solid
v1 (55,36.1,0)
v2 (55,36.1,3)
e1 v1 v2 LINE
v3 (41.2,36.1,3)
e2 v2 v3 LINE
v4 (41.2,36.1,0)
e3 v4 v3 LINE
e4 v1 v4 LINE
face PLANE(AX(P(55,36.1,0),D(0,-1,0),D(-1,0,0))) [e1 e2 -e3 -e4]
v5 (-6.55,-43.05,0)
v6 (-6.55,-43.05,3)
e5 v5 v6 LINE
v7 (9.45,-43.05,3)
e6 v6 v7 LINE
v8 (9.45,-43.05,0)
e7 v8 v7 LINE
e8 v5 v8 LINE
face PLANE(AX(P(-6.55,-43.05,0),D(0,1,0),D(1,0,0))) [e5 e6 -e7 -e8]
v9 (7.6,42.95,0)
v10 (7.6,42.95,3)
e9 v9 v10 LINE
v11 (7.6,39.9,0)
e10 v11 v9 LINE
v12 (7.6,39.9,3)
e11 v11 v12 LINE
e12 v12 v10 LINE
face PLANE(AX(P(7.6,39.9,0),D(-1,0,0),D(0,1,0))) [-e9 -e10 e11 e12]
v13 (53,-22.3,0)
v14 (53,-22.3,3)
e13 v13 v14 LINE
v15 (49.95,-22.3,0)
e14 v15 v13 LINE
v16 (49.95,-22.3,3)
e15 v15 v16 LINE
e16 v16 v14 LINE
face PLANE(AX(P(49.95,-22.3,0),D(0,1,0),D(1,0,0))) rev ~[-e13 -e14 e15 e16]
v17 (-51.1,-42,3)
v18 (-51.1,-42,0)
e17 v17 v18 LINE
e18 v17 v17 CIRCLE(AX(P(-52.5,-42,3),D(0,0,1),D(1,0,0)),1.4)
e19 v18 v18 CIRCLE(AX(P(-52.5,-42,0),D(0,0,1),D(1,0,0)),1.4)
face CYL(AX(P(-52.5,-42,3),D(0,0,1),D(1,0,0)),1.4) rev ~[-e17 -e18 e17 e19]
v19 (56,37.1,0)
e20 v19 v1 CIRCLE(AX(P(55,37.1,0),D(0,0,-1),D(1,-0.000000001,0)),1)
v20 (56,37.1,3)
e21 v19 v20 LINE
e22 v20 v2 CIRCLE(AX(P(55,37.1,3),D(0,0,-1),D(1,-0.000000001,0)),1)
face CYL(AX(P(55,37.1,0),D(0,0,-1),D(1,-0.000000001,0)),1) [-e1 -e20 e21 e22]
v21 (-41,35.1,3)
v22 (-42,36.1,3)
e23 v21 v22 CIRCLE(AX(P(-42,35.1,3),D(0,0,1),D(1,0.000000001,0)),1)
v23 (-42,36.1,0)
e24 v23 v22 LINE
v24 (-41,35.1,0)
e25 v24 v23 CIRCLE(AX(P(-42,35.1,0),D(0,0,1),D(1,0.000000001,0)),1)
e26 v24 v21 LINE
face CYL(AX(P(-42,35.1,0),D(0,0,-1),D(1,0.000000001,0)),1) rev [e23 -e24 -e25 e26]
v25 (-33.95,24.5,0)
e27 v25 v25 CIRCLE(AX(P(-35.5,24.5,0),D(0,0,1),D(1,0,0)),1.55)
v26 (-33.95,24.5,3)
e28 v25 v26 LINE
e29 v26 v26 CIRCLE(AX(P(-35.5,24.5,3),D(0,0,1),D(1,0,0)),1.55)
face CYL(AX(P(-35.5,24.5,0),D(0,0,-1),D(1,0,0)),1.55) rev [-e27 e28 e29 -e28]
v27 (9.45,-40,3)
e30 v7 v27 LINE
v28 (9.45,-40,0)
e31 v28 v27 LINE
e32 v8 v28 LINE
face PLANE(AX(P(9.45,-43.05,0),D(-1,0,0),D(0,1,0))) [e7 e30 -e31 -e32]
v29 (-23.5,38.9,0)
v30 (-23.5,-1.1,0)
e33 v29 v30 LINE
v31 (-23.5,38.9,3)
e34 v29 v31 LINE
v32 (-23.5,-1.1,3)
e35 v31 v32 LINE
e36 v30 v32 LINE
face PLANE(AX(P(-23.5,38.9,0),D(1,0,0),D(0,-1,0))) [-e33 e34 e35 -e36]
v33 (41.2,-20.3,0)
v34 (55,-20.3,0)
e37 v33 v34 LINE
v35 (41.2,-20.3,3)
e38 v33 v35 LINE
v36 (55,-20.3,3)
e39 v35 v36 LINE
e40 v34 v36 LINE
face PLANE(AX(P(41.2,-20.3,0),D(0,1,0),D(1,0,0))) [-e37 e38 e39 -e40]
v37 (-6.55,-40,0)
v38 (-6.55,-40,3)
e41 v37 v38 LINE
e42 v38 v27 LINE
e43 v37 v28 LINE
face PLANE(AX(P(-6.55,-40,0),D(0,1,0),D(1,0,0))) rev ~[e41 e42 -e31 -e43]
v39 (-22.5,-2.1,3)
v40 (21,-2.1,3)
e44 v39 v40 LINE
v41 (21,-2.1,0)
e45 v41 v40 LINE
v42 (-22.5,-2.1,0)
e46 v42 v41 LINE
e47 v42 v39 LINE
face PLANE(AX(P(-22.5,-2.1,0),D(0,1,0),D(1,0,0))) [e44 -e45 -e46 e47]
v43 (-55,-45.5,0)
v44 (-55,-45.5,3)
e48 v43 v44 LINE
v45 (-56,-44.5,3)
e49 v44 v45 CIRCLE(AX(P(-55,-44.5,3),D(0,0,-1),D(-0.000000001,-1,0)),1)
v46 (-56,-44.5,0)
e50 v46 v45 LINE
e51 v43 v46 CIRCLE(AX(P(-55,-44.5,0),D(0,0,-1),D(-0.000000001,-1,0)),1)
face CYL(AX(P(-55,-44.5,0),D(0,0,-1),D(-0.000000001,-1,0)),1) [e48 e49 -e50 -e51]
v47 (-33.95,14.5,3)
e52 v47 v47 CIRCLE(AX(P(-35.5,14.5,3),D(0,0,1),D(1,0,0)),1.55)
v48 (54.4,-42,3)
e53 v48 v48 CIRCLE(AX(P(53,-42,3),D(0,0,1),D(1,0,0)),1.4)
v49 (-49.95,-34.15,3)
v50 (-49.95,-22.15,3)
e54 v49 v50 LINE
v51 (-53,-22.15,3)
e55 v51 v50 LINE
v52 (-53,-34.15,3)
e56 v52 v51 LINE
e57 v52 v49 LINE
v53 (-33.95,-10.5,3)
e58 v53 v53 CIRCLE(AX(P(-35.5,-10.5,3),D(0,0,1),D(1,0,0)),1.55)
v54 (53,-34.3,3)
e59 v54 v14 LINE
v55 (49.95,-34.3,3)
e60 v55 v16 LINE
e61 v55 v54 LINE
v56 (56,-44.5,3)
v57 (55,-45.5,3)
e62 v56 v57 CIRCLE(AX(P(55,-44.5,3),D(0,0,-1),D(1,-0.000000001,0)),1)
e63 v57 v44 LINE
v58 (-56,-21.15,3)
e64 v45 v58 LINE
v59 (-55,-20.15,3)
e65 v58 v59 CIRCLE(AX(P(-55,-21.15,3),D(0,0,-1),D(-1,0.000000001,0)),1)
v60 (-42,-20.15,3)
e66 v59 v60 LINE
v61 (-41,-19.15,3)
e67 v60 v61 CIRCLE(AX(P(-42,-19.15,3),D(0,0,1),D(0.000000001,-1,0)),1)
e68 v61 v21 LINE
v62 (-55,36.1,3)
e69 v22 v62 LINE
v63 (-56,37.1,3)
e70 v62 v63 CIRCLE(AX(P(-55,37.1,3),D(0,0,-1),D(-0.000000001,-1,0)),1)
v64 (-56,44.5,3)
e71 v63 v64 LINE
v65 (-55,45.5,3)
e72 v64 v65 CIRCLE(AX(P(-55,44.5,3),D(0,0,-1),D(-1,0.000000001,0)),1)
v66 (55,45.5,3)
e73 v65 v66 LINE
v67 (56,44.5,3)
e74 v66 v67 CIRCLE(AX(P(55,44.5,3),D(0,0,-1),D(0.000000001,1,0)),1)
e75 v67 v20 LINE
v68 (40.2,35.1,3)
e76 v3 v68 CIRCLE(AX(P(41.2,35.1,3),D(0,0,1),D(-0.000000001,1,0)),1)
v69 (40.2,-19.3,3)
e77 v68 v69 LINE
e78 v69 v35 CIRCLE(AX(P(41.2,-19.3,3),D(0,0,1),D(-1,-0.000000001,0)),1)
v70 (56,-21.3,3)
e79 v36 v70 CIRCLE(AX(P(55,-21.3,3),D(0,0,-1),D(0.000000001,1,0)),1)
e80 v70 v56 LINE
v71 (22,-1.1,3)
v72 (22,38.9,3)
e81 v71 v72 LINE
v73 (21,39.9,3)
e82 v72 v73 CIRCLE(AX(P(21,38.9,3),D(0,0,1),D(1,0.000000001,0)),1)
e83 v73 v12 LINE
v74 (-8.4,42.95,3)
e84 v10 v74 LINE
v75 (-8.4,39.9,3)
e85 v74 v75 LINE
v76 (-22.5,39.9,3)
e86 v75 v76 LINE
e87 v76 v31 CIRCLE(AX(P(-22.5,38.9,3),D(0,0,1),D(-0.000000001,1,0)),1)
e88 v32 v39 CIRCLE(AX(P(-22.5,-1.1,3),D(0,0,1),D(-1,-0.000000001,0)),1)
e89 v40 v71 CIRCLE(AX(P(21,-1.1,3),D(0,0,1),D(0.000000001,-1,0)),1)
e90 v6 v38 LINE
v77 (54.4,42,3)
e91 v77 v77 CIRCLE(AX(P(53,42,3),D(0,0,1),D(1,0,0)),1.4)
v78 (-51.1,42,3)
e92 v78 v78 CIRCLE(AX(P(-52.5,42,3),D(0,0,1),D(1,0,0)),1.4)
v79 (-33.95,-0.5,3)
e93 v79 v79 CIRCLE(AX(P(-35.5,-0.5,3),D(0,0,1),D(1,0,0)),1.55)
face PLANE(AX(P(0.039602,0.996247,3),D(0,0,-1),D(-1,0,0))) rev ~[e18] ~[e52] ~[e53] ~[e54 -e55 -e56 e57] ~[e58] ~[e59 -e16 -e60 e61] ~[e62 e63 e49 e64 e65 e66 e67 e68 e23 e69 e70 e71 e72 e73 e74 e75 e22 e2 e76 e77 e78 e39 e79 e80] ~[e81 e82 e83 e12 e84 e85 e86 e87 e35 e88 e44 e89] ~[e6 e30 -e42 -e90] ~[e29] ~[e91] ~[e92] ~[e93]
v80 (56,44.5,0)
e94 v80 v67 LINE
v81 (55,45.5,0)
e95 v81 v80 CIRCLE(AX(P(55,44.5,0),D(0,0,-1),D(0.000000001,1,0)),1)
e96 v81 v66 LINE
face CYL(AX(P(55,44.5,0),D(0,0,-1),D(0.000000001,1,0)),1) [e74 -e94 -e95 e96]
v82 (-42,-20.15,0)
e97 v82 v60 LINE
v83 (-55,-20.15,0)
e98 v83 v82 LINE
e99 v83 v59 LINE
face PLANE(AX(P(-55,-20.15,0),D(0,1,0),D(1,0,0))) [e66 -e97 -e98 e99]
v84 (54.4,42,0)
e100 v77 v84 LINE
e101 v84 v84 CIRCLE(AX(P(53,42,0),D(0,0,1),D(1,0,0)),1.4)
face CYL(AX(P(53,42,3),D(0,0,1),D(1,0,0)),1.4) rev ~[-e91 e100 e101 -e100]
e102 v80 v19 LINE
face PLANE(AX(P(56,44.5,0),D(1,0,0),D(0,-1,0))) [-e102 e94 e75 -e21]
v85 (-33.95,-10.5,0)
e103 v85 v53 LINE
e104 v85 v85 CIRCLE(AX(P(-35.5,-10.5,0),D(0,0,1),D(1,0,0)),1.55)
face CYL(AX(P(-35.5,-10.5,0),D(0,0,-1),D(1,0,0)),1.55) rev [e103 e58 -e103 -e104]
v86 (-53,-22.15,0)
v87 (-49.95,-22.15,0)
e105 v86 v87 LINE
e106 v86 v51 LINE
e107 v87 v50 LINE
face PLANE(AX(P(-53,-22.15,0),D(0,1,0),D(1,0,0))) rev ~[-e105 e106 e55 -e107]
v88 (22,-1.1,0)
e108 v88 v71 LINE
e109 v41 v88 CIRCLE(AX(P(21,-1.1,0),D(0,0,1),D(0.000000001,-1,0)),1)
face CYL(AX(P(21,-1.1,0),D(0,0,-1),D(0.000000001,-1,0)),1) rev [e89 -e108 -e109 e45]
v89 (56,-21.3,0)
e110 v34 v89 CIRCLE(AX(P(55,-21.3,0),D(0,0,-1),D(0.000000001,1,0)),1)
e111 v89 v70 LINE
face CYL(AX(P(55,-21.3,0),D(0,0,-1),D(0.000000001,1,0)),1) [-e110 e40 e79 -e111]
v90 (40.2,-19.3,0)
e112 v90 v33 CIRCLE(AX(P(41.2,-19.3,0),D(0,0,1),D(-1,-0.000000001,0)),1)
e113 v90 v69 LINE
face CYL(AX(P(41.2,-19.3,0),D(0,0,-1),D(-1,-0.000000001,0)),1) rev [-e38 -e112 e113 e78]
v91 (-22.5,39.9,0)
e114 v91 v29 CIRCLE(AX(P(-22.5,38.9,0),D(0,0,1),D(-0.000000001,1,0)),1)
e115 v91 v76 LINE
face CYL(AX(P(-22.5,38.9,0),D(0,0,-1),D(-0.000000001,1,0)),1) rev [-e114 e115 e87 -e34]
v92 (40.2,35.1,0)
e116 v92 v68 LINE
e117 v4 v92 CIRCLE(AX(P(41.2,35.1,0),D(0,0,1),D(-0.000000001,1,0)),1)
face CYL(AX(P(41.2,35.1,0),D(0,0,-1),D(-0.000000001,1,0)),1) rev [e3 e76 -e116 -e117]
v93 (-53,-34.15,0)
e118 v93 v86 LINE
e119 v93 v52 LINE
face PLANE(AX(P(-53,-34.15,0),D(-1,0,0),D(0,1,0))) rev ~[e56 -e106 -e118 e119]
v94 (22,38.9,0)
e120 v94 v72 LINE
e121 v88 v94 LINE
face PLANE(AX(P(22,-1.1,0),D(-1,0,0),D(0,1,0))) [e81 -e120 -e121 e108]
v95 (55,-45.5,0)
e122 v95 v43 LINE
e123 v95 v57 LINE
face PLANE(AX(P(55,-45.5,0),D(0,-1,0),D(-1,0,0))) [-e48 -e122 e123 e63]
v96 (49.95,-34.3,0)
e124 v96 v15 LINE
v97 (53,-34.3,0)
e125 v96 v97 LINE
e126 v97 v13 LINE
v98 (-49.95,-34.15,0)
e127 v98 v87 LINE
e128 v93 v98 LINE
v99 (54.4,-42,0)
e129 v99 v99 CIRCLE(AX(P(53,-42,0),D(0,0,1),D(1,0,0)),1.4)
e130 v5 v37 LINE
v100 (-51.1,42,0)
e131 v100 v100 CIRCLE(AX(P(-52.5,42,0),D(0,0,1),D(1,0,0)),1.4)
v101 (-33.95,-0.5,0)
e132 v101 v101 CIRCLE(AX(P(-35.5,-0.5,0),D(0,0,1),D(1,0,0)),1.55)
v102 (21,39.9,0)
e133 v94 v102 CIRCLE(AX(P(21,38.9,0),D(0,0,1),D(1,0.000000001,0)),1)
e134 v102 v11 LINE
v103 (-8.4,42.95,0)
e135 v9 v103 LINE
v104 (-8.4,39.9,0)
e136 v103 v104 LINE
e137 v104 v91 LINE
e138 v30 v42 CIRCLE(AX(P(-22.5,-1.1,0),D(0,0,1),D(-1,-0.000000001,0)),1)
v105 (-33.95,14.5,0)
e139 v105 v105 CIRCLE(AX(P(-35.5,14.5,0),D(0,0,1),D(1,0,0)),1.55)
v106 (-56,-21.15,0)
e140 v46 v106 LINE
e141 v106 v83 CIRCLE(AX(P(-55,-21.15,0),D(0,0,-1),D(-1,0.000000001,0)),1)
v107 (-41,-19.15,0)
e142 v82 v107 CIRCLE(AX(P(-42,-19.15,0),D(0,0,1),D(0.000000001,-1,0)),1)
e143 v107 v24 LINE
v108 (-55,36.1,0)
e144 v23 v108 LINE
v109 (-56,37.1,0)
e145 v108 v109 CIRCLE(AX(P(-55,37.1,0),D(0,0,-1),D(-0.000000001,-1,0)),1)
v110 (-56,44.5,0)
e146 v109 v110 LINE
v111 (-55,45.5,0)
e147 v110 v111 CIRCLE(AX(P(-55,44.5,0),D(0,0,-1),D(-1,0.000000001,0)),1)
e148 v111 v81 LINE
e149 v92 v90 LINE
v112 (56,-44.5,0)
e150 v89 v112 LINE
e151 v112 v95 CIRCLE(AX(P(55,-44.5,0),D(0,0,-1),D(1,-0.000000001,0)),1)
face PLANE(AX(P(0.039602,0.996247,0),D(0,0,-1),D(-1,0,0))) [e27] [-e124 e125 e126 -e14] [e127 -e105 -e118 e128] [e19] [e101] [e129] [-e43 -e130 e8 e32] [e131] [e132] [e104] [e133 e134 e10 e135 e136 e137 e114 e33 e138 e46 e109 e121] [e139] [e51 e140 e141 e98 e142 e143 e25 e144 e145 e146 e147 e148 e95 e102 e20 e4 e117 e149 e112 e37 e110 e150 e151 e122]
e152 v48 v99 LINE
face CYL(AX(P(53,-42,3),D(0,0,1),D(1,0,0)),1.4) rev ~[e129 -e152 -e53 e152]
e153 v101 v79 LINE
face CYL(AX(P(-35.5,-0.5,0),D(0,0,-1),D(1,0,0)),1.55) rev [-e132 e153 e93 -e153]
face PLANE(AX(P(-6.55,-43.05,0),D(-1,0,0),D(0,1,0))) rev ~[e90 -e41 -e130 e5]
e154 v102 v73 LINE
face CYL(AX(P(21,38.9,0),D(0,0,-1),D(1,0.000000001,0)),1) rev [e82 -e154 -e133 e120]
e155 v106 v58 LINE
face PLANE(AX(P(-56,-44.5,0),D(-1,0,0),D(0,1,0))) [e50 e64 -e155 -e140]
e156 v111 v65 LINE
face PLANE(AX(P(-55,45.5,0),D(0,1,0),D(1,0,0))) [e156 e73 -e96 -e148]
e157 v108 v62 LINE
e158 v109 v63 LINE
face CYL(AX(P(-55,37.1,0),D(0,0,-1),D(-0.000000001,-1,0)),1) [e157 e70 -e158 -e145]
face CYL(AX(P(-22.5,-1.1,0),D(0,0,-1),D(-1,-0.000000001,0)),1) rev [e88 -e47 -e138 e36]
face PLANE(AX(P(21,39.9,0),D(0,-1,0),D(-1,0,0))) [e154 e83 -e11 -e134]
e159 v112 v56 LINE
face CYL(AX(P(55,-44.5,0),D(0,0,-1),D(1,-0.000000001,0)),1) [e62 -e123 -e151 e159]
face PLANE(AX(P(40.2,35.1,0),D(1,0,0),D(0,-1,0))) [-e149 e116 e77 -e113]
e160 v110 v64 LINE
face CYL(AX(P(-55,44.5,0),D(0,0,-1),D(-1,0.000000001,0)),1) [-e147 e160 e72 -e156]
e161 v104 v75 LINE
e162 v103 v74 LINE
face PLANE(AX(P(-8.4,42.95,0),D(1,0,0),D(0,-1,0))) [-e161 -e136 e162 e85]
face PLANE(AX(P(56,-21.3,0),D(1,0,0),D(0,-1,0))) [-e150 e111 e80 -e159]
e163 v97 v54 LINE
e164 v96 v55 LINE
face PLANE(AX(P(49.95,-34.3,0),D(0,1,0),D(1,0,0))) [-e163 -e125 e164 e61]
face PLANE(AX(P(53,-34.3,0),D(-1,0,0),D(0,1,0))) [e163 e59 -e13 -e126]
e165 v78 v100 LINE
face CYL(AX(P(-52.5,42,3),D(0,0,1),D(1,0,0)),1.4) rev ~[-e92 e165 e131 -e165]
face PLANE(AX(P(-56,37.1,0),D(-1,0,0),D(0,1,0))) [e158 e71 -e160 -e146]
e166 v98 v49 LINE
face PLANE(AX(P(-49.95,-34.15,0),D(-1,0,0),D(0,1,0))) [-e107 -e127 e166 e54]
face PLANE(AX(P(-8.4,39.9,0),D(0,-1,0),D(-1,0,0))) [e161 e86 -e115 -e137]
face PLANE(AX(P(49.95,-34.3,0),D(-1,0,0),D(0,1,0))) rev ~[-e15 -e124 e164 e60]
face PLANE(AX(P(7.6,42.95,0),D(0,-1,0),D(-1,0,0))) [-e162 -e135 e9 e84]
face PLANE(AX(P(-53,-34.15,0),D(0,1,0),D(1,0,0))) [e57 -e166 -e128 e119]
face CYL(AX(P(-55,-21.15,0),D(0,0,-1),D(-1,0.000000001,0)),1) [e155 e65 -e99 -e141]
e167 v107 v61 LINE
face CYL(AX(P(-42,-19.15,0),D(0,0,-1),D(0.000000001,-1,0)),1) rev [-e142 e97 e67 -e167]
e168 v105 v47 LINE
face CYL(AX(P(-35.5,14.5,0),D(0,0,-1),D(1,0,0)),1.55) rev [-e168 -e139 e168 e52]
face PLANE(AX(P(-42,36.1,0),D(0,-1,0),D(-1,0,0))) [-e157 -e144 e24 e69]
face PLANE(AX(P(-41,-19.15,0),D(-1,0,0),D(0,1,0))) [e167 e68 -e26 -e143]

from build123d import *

# Parameters (mm, degrees)
CROQUIS1_R              = 1.55
CROQUIS1_W              = 16
CROQUIS1_H              = 3.05
CROQUIS1_W_2            = 3.05
CROQUIS1_H_2            = 12
SALIENTE_EXTRUIR1_DEPTH = 3
CROQUIS2_R              = 1.4
CORTAR_EXTRUIR2_DEPTH   = 4


with BuildPart() as part:
    # Croquis1 → Saliente-Extruir1 (new body)
    with BuildSketch(Plane.XY):
        with BuildLine():
            Line((56, -21.3), (56, -44.5))
            ThreePointArc((56, -44.5), (55.707106781, -45.207106781), (55, -45.5))
            Line((55, -45.5), (-55, -45.5))
            ThreePointArc((-55, -45.5), (-55.707106781, -45.207106781), (-56, -44.5))
            Line((-56, -44.5), (-56, -21.15))
            ThreePointArc((-56, -21.15), (-55.707106781, -20.442893219), (-55, -20.15))
            Line((-55, -20.15), (-42, -20.15))
            ThreePointArc((-42, -20.15), (-41.292893219, -19.857106781), (-41, -19.15))
            Line((-41, -19.15), (-41, 35.1))
            ThreePointArc((-41, 35.1), (-41.292893219, 35.807106781), (-42, 36.1))
            Line((-42, 36.1), (-55, 36.1))
            ThreePointArc((-55, 36.1), (-55.707106781, 36.392893219), (-56, 37.1))
            Line((-56, 37.1), (-56, 44.5))
            ThreePointArc((-56, 44.5), (-55.707106781, 45.207106781), (-55, 45.5))
            Line((-55, 45.5), (55, 45.5))
            ThreePointArc((55, 45.5), (55.707106781, 45.207106781), (56, 44.5))
            Line((56, 44.5), (56, 37.1))
            ThreePointArc((56, 37.1), (55.707106781, 36.392893219), (55, 36.1))
            Line((55, 36.1), (41.2, 36.1))
            ThreePointArc((41.2, 36.1), (40.492893219, 35.807106781), (40.2, 35.1))
            Line((40.2, 35.1), (40.2, -19.3))
            ThreePointArc((40.2, -19.3), (40.492893219, -20.007106781), (41.2, -20.3))
            Line((41.2, -20.3), (55, -20.3))
            ThreePointArc((55, -20.3), (55.707106781, -20.592893219), (56, -21.3))
        make_face()
        with Locations((-35.5, 24.5)):
            Circle(CROQUIS1_R, mode=Mode.SUBTRACT)
        with Locations((-35.5, 14.5)):
            Circle(CROQUIS1_R, mode=Mode.SUBTRACT)
        with Locations((-35.5, -0.5)):
            Circle(CROQUIS1_R, mode=Mode.SUBTRACT)
        with Locations((-35.5, -10.5)):
            Circle(CROQUIS1_R, mode=Mode.SUBTRACT)
        with BuildLine():
            Line((-8.4, 39.9), (-22.5, 39.9))
            ThreePointArc((-22.5, 39.9), (-23.207106781, 39.607106781), (-23.5, 38.9))
            Line((-23.5, 38.9), (-23.5, -1.1))
            ThreePointArc((-23.5, -1.1), (-23.207106781, -1.807106781), (-22.5, -2.1))
            Line((-22.5, -2.1), (21, -2.1))
            ThreePointArc((21, -2.1), (21.707106781, -1.807106781), (22, -1.1))
            Line((22, -1.1), (22, 38.9))
            ThreePointArc((22, 38.9), (21.707106781, 39.607106781), (21, 39.9))
            Line((21, 39.9), (7.6, 39.9))
            Line((7.6, 39.9), (7.6, 42.95))
            Line((7.6, 42.95), (-8.4, 42.95))
            Line((-8.4, 42.95), (-8.4, 39.9))
        make_face(mode=Mode.SUBTRACT)
        with Locations((1.45, -41.525)):
            Rectangle(CROQUIS1_W, CROQUIS1_H, mode=Mode.SUBTRACT)
        with Locations((51.475, -28.3)):
            Rectangle(CROQUIS1_W_2, CROQUIS1_H_2, mode=Mode.SUBTRACT)
        with Locations((-51.475, -28.15)):
            Rectangle(CROQUIS1_W_2, CROQUIS1_H_2, mode=Mode.SUBTRACT)
    extrude(amount=SALIENTE_EXTRUIR1_DEPTH)

    # Croquis2 → Cortar-Extruir2 (cut, through all)
    with BuildSketch(Plane.XY.offset(3)):
        with Locations((53, 42)):
            Circle(CROQUIS2_R)
        with Locations((-52.5, 42)):
            Circle(CROQUIS2_R)
        with Locations((-52.5, -42)):
            Circle(CROQUIS2_R)
        with Locations((53, -42)):
            Circle(CROQUIS2_R)
    extrude(amount=-CORTAR_EXTRUIR2_DEPTH, mode=Mode.SUBTRACT)


solid = part.part
